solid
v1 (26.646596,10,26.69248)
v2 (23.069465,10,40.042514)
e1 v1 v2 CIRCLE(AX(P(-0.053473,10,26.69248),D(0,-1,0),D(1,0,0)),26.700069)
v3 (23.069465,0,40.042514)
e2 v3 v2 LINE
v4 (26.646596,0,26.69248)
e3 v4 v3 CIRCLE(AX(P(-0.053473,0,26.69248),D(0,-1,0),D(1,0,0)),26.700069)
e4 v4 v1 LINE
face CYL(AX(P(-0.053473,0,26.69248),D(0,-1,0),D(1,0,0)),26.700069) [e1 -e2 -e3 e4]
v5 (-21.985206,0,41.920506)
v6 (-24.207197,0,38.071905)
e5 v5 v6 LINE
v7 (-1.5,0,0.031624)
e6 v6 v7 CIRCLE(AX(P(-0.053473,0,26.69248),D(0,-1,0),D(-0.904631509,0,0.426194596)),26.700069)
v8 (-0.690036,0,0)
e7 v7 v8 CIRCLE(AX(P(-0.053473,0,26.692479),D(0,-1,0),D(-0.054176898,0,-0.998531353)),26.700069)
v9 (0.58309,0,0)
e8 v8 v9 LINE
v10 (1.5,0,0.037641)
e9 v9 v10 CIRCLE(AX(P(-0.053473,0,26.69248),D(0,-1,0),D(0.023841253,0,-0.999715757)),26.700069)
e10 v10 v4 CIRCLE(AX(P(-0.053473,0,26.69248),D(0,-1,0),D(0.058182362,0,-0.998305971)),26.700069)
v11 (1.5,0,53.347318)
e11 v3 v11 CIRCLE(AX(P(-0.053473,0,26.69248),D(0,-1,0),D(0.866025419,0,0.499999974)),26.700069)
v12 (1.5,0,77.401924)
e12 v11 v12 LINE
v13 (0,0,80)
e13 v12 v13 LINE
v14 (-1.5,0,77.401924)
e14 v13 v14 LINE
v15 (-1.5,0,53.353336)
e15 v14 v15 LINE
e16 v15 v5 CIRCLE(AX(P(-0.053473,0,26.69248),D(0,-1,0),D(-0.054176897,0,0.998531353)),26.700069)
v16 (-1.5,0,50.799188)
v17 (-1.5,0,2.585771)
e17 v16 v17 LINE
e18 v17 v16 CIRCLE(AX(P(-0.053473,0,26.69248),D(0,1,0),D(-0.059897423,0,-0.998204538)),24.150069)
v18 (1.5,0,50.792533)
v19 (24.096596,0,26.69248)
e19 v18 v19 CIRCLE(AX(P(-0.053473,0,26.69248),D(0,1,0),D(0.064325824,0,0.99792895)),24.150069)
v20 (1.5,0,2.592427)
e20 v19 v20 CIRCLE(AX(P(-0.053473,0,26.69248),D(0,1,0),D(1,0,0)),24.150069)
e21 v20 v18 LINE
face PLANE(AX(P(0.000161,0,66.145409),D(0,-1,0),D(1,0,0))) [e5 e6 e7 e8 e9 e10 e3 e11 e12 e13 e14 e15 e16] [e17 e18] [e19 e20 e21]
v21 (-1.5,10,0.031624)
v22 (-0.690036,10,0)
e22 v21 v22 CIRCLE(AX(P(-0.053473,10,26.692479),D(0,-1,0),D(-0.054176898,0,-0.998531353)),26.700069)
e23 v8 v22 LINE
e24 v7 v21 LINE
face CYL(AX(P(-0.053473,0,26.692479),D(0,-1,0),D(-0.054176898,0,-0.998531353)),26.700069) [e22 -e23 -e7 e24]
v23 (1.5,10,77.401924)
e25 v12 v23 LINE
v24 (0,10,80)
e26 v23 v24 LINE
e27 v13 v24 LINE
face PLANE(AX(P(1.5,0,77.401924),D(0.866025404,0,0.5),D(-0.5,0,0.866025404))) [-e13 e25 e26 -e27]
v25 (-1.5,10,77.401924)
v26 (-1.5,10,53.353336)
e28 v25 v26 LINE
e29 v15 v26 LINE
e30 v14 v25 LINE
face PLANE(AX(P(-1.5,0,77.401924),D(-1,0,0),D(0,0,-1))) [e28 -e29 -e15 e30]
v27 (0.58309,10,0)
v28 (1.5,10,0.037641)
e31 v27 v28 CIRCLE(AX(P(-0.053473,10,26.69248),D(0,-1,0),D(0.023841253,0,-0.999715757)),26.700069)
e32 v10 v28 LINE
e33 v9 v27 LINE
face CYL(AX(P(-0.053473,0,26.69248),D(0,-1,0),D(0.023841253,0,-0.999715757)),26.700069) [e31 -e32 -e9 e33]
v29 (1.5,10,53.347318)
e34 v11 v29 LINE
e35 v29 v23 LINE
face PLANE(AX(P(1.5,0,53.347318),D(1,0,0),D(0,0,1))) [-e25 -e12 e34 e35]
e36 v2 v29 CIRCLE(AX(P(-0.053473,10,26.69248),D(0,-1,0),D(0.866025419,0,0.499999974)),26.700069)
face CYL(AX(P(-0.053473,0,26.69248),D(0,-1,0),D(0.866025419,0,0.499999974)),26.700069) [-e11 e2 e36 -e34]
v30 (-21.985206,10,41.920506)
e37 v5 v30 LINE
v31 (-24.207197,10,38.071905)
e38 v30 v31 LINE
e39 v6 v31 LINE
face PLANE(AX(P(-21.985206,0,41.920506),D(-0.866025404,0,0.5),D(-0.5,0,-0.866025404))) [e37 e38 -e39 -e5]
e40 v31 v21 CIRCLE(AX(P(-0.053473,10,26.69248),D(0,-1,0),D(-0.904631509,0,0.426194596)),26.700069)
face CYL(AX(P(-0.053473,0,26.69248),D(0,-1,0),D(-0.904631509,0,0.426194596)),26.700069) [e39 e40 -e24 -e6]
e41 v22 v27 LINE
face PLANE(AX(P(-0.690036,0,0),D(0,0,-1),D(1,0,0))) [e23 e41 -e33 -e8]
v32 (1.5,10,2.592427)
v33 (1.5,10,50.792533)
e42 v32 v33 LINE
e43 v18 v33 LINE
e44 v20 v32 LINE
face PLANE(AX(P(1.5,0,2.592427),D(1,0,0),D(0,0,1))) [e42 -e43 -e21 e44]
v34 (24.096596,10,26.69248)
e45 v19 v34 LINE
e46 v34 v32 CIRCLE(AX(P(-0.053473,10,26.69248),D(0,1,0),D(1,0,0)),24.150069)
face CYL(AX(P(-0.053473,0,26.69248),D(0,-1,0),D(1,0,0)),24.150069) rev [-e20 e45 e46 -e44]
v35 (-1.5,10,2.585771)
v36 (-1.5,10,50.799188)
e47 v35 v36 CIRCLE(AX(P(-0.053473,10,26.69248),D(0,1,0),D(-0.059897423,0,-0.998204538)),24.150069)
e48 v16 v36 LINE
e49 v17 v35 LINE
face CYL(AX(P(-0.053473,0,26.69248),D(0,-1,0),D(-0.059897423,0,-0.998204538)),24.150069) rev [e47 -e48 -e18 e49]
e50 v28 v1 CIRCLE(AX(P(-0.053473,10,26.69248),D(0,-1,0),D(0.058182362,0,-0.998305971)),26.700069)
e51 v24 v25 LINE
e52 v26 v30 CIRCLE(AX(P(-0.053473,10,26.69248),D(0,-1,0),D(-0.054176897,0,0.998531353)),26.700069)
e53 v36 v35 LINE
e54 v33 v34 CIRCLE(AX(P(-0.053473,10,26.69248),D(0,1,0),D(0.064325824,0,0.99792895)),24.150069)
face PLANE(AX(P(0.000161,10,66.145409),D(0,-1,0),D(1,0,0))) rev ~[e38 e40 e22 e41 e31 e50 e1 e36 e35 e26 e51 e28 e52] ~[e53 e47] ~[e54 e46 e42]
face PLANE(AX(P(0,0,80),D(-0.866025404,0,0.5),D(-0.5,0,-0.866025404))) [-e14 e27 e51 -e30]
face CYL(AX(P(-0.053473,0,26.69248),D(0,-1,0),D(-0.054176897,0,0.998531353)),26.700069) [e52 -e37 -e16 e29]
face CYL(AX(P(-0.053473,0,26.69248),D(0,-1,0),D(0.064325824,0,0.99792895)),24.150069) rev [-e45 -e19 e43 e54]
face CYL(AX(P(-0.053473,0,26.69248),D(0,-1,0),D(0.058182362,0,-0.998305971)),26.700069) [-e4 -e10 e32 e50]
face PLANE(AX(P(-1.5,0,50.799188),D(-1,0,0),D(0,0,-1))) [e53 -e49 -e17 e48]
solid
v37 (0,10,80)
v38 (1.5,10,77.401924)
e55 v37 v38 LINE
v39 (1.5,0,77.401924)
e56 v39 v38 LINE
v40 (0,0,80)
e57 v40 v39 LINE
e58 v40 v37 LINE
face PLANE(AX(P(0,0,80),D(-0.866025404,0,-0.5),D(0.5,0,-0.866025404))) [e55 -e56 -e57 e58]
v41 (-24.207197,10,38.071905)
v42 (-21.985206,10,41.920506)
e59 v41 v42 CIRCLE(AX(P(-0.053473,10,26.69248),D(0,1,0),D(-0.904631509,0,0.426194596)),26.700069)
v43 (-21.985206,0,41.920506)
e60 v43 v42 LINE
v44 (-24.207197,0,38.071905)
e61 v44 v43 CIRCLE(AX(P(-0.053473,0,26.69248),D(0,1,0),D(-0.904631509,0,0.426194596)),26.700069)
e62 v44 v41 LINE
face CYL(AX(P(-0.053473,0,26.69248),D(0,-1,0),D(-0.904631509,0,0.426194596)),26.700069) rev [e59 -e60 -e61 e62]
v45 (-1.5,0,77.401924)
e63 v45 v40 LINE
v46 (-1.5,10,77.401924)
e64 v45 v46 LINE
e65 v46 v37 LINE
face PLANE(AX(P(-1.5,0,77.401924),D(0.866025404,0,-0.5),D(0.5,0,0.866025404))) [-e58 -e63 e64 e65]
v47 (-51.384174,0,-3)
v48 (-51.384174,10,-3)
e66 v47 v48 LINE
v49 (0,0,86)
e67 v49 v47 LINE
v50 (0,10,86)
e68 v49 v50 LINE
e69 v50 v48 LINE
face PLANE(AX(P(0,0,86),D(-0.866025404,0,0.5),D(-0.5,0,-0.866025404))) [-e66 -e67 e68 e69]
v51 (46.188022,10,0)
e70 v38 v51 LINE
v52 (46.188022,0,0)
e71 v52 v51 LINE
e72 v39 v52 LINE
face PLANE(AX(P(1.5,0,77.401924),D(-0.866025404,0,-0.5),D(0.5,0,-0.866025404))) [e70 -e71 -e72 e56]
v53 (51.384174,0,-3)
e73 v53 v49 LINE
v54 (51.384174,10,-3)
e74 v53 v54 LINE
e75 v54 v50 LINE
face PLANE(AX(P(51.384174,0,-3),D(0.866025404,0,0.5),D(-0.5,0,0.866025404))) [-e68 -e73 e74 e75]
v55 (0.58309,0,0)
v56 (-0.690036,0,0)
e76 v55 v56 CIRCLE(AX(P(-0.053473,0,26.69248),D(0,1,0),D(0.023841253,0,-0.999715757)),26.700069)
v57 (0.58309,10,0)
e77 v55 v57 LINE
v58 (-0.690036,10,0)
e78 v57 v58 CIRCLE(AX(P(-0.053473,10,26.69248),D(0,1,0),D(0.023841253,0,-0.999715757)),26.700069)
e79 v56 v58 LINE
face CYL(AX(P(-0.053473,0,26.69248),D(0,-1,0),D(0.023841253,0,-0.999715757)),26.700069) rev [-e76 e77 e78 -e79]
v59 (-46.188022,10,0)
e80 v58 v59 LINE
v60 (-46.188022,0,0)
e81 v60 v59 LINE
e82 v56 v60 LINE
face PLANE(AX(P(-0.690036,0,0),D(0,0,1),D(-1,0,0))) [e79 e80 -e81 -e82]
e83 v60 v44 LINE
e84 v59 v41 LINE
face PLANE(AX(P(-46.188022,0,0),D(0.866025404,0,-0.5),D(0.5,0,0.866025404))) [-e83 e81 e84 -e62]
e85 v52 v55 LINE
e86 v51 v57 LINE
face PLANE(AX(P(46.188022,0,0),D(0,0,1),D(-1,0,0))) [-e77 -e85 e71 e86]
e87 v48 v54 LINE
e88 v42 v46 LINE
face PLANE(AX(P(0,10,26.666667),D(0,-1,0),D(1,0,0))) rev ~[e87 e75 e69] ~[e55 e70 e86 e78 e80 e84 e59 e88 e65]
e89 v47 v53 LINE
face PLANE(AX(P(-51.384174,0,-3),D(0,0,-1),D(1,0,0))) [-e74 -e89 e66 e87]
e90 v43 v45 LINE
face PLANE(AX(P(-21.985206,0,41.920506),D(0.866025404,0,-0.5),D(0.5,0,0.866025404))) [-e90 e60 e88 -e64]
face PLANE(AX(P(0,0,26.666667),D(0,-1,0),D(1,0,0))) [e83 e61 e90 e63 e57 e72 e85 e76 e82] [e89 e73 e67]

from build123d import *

# Parameters (mm, degrees)
F1_DEPTH = 10
F2_DEPTH = 10


with BuildPart() as f1:
    # F0 (on Front) → F1 (new body)
    with BuildSketch(Plane.XZ):
        with BuildLine():
            Line((0, 80), (-1.5, 77.4019237886))
            Line((-1.5, 77.4019237886), (-1.5, 53.3533360125))
            ThreePointArc((-1.5, 53.3533360125), (8.45852e-05, 53.3924952615), (1.5, 53.3473182989))
            Line((1.5, 53.3473182989), (1.5, 77.4019237886))
            Line((1.5, 77.4019237886), (0, 80))
        make_face()
        with BuildLine():
            ThreePointArc((1.5, 53.3473182989), (8.45852e-05, 53.3924952615), (-1.5, 53.3533360125))
            Line((-1.5, 53.3533360125), (-1.5, 50.7991884344))
            ThreePointArc((-1.5, 50.7991884344), (0.0001034456, 50.8424895478), (1.5, 50.7925329659))
            Line((1.5, 50.7925329659), (1.5, 53.3473182989))
        make_face()
        with BuildLine():
            Line((-1.5, 50.7991884344), (-1.5, 2.5857712335))
            ThreePointArc((-1.5, 2.5857712335), (0.0001034456, 2.54247012), (1.5, 2.5924267019))
            Line((1.5, 2.5924267019), (1.5, 50.7925329659))
            ThreePointArc((1.5, 50.7925329659), (0.0001034456, 50.8424895478), (-1.5, 50.7991884344))
        make_face()
        with BuildLine():
            ThreePointArc((-1.5, 0.0316236553), (-1.0951381107, 0.0127379637), (-0.6900361938, 0))
            Line((-0.6900361938, 0), (0.5830900001, 0))
            ThreePointArc((0.5830900001, 0), (1.0417067289, 0.014881115), (1.5, 0.0376413689))
            Line((1.5, 0.0376413689), (1.5, 2.5924267019))
            ThreePointArc((1.5, 2.5924267019), (0.0001034456, 2.54247012), (-1.5, 2.5857712335))
            Line((-1.5, 2.5857712335), (-1.5, 0.0316236553))
        make_face()
        with BuildLine():
            Line((1.5, 2.5924267019), (1.5, 0.0376413689))
            ThreePointArc((1.5, 0.0376413689), (19.3677978626, 8.3701457419), (26.6465960465, 26.6924798339))
            ThreePointArc((26.6465960465, 26.6924798339), (25.7368133567, 33.6029658447), (23.0694654669, 40.0425137079))
            ThreePointArc((23.0694654669, 40.0425137079), (13.9638654313, 49.4170901242), (1.5, 53.3473182989))
            Line((1.5, 53.3473182989), (1.5, 50.7925329659))
            ThreePointArc((1.5, 50.7925329659), (17.5638808805, 43.2107932606), (24.0965960465, 26.6924798339))
            ThreePointArc((24.0965960465, 26.6924798339), (17.5638808805, 10.1741664072), (1.5, 2.5924267019))
        make_face()
        with BuildLine():
            Line((-21.9852063006, 41.9205056724), (-24.2071969244, 38.0719050181))
            ThreePointArc((-24.2071969244, 38.0719050181), (-22.9796363369, 13.0072786534), (-1.5, 0.0316236553))
            Line((-1.5, 0.0316236553), (-1.5, 2.5857712335))
            ThreePointArc((-1.5, 2.5857712335), (-24.2035422402, 26.6924798339), (-1.5, 50.7991884344))
            Line((-1.5, 50.7991884344), (-1.5, 53.3533360125))
            ThreePointArc((-1.5, 53.3533360125), (-13.0655122838, 50.0072933321), (-21.9852063006, 41.9205056724))
        make_face()
    extrude(amount=-F1_DEPTH)


with BuildPart() as f2:
    # F0 (on Front) → F2 (new body)
    with BuildSketch(Plane.XZ):
        Polygon((51.3841739579, -3), (0, 86), (-51.3841739579, -3), align=None)
        with BuildLine():
            Line((-1.5, 0), (-46.1880215352, 0))
            Line((-46.1880215352, 0), (-24.2071969244, 38.0719050181))
            ThreePointArc((-24.2071969244, 38.0719050181), (-23.1764112578, 40.0425144056), (-21.9852063006, 41.9205056724))
            Line((-21.9852063006, 41.9205056724), (-1.5, 77.4019237886))
            Line((-1.5, 77.4019237886), (0, 80))
            Line((0, 80), (1.5, 77.4019237886))
            Line((1.5, 77.4019237886), (23.0694654669, 40.0425137079))
            Line((23.0694654669, 40.0425137079), (46.1880215352, 0))
            Line((46.1880215352, 0), (1.5, 0))
            Line((1.5, 0), (0.5830900001, 0))
            ThreePointArc((0.5830900001, 0), (-0.0534730969, -0.0075893094), (-0.6900361938, 0))
            Line((-0.6900361938, 0), (-1.5, 0))
        make_face(mode=Mode.SUBTRACT)
    extrude(amount=-F2_DEPTH)


solid = Compound([f1.part, f2.part])
